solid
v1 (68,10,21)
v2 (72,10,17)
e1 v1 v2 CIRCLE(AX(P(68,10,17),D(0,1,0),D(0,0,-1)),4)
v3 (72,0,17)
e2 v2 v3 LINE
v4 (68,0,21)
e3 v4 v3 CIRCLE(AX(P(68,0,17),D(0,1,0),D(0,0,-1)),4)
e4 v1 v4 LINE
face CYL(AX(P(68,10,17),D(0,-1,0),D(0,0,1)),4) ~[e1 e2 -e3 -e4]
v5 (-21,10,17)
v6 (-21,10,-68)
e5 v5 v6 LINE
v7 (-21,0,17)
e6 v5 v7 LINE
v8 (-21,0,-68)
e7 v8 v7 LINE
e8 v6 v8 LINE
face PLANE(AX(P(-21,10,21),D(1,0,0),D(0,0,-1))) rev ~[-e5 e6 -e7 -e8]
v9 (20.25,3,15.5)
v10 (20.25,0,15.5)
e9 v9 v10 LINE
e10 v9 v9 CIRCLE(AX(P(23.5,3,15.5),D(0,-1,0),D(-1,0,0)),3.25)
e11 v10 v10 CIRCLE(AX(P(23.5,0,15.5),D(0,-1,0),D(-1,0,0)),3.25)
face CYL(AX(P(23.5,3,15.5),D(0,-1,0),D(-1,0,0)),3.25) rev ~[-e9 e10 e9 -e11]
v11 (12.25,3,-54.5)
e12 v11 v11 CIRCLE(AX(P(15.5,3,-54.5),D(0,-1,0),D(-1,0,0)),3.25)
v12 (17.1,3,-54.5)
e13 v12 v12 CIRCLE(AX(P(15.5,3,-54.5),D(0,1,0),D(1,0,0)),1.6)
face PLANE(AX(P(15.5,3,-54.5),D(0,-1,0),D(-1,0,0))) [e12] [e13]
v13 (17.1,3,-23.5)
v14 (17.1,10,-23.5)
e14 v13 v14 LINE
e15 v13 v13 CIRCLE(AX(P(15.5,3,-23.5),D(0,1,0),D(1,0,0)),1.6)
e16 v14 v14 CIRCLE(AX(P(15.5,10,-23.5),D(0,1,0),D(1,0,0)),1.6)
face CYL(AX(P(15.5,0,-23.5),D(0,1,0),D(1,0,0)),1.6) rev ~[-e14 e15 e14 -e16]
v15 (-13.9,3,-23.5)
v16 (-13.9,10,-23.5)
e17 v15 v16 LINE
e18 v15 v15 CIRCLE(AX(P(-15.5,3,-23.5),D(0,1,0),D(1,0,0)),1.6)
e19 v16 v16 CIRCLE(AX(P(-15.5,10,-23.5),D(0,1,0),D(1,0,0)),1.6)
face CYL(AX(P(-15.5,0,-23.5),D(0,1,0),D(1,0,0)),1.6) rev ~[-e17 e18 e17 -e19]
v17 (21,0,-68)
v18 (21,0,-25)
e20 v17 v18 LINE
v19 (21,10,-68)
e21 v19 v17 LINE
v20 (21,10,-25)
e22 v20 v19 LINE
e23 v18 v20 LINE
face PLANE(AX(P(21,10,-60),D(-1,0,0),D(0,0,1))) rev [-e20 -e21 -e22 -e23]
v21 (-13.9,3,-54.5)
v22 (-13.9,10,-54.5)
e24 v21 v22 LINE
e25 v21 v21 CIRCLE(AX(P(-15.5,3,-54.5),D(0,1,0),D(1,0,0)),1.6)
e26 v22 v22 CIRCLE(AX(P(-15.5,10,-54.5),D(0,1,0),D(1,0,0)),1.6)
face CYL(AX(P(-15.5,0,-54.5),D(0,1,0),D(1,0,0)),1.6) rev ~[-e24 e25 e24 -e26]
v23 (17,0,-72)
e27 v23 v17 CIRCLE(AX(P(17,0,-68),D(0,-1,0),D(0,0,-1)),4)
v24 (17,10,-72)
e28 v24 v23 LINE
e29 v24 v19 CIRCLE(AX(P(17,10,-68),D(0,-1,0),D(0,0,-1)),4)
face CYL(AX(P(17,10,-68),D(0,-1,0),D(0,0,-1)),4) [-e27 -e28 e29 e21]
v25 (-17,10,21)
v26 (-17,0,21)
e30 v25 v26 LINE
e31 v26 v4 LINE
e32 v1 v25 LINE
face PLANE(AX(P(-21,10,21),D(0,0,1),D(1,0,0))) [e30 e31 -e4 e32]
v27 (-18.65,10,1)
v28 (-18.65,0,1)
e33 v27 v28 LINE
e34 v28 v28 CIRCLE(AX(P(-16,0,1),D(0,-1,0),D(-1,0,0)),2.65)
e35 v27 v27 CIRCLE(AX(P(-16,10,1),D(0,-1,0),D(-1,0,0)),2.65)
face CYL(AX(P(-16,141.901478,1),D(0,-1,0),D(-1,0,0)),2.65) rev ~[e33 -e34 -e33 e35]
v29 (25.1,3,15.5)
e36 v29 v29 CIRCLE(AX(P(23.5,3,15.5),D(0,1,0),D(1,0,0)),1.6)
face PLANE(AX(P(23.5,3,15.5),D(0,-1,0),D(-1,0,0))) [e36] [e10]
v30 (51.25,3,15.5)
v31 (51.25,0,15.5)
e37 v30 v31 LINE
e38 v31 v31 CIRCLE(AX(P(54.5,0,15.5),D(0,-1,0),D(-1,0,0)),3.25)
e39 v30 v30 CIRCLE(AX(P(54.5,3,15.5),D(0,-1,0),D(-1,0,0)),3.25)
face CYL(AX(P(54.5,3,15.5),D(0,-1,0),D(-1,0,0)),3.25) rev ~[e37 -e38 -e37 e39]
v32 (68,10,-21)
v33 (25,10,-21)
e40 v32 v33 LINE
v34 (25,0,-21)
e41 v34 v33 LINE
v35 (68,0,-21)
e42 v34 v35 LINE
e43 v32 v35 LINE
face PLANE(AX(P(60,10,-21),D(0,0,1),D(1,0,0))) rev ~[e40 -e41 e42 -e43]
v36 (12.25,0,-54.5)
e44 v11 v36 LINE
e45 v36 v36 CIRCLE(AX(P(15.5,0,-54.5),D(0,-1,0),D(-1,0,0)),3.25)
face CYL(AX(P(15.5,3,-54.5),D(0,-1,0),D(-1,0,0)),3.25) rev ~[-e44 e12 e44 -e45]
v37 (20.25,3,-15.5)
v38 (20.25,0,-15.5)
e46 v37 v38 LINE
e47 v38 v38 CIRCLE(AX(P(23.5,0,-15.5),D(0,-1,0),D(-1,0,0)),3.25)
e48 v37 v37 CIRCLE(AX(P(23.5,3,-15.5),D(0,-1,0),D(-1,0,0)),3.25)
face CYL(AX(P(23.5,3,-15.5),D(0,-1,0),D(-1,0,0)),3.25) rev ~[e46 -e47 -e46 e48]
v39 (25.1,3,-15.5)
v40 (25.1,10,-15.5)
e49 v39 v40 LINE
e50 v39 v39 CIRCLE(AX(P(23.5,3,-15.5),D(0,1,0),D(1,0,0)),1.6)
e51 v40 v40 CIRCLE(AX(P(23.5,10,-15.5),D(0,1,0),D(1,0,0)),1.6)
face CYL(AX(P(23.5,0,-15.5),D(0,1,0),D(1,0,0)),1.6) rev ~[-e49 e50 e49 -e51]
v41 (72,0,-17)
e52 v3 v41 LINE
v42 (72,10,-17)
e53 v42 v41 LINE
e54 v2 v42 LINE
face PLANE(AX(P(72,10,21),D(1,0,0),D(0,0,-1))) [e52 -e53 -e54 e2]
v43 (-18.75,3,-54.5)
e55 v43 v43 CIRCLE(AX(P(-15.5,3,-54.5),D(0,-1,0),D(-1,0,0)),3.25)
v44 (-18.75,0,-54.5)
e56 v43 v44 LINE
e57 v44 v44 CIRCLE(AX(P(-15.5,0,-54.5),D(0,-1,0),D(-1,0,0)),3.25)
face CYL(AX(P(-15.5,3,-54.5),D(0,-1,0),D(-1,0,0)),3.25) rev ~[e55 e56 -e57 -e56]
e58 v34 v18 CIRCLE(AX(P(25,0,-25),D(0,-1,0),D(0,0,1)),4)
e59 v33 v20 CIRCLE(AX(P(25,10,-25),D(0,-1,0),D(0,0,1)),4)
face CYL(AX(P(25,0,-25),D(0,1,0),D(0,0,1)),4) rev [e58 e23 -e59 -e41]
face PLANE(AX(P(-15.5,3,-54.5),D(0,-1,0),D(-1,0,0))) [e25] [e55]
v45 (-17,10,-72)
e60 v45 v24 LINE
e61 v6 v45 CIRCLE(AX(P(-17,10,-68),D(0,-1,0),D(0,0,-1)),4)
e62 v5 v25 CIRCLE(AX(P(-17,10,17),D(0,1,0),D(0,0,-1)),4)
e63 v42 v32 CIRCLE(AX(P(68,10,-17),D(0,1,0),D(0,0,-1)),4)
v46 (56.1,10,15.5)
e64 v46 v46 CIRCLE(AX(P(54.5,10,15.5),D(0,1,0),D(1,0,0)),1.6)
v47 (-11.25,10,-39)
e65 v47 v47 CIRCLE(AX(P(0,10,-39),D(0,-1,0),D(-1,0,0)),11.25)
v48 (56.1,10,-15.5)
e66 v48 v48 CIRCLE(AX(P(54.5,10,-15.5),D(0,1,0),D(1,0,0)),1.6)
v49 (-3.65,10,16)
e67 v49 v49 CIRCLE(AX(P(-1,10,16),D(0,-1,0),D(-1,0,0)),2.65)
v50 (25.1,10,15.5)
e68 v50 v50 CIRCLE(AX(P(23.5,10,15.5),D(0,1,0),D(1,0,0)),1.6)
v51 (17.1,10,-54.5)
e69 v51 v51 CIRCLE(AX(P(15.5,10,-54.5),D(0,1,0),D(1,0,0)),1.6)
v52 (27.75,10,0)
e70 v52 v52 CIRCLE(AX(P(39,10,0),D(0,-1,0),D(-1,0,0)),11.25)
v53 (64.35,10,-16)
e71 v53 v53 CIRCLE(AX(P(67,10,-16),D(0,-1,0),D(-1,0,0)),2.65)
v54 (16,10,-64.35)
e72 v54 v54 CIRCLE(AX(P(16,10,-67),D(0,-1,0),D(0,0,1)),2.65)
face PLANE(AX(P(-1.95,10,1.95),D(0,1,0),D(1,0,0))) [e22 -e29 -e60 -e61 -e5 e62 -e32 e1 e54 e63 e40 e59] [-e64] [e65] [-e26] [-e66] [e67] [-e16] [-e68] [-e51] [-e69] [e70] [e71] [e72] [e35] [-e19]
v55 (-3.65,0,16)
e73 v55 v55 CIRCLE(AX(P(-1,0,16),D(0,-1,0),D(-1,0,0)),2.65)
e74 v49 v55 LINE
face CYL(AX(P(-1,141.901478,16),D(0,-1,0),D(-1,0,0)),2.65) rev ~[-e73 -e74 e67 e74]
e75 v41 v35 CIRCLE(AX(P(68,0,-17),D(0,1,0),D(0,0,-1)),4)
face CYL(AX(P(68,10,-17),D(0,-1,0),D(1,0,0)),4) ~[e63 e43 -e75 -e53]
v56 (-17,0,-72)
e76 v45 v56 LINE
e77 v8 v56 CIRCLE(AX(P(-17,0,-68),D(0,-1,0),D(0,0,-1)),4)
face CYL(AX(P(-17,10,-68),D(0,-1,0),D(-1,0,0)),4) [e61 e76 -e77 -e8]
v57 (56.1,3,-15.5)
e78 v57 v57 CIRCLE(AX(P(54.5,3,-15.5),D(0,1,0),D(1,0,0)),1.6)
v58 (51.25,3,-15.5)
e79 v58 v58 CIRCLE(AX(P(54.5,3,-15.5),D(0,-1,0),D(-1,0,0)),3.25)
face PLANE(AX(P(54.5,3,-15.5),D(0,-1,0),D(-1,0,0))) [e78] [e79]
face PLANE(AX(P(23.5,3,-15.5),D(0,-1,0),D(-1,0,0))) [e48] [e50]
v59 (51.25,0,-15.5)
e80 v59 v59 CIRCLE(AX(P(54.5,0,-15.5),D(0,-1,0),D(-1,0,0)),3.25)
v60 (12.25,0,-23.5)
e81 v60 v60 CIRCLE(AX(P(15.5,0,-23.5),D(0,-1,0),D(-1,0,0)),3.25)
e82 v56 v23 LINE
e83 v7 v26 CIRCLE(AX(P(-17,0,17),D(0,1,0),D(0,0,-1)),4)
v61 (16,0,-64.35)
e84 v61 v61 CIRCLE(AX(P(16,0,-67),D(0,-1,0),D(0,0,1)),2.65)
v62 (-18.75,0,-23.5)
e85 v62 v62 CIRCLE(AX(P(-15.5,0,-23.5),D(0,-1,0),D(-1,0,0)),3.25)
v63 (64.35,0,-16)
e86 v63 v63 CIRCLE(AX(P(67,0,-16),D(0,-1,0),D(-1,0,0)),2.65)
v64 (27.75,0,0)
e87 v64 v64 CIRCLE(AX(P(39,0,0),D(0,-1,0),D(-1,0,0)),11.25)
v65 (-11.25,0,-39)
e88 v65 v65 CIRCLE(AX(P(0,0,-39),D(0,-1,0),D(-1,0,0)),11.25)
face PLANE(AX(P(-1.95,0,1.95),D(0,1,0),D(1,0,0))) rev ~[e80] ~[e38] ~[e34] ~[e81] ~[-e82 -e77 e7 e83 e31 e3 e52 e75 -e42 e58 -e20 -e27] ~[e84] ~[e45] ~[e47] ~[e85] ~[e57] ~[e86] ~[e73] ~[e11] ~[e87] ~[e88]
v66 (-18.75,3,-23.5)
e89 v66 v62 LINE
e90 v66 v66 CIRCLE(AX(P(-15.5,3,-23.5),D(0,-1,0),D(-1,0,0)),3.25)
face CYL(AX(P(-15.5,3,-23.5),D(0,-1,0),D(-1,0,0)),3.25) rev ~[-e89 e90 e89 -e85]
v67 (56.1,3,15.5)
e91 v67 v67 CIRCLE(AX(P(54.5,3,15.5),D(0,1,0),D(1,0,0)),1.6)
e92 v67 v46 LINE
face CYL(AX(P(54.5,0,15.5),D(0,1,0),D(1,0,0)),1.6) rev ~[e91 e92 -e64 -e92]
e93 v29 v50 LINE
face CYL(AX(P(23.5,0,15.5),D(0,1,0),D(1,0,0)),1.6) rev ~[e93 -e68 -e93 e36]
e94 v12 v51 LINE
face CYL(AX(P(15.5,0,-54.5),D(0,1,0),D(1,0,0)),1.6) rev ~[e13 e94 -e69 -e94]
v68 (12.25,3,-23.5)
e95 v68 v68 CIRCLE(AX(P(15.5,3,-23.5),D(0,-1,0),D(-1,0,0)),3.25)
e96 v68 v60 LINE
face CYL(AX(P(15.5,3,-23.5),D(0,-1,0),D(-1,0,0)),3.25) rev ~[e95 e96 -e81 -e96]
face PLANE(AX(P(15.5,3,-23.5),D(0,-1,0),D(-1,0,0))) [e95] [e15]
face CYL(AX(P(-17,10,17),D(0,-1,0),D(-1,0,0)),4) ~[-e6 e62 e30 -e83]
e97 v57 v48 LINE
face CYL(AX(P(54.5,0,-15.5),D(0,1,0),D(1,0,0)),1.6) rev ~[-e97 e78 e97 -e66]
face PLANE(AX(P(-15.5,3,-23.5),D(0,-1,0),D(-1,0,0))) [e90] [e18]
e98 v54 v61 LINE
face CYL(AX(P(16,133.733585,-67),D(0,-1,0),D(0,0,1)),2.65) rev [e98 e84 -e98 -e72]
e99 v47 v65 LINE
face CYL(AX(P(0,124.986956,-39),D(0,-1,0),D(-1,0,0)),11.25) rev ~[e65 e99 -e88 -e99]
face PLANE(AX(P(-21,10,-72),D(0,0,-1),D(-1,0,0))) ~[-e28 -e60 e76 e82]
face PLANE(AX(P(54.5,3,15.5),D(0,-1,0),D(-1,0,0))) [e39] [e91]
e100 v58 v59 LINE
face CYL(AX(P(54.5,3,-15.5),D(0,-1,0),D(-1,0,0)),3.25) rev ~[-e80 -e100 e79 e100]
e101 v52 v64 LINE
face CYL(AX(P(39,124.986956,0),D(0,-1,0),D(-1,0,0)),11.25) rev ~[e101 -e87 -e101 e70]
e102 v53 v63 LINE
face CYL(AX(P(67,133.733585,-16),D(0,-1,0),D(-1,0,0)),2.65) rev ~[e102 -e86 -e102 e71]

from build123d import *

# Parameters (mm, degrees)
BOSS_EXTRUDE1_DEPTH            = 10
F_22_5_22_5_DIAMETER_HOLE1_D   = 22.5
CBORE_FOR_M3_SHCS1_D           = 3.2
CBORE_FOR_M3_SHCS1_CBORE_D     = 6.5
CBORE_FOR_M3_SHCS1_CBORE_DEPTH = 3
BOSS_EXTRUDE2_DEPTH            = 10
SKETCH17_W                     = 12
SKETCH17_H                     = 42
BOSS_EXTRUDE3_DEPTH            = 10
M5_CLEARANCE_HOLE1_D           = 5.3
SKETCH20_W                     = 38.1
SKETCH20_H                     = 38.1
BOSS_EXTRUDE4_DEPTH            = 10
M5_CLEARANCE_HOLE2_D           = 5.3
FILLET6_R                      = 4


with BuildPart() as part:
    # Sketch1 → Boss-Extrude1 (new body)
    with BuildSketch(Plane(origin=(0, 0, 0), x_dir=(1, 0, 0), z_dir=(0, 1, 0))):
        Polygon((60, -21), (60, 21), (21, 21), (21, 60), (-21, 60), (-21, 18), (18, 18), (18, -21), align=None)
    extrude(amount=BOSS_EXTRUDE1_DEPTH)

    # Ø22.5 (22.5) Diameter Hole1 (through all)
    with Locations(Plane(origin=(0, 10, 0), x_dir=(1, 0, 0), z_dir=(0, 1, 0))):
        with Locations((0, 39), (39, 0)):
            Hole(F_22_5_22_5_DIAMETER_HOLE1_D / 2)

    # CBORE for M3 SHCS1 (through all)
    with Locations(Plane(origin=(0, 0, 0), x_dir=(-1, 0, 0), z_dir=(0, -1, 0))):
        with Locations((-54.5, 15.5), (-23.5, 15.5), (-23.5, -15.5), (-54.5, -15.5), (-15.5, 54.5), (-15.5, 23.5), (15.5, 23.5), (15.5, 54.5)):
            CounterBoreHole(CBORE_FOR_M3_SHCS1_D / 2, CBORE_FOR_M3_SHCS1_CBORE_D / 2, CBORE_FOR_M3_SHCS1_CBORE_DEPTH)

    # Sketch16 → Boss-Extrude2 (add)
    with BuildSketch(Plane(origin=(0, 10, 0), x_dir=(1, 0, 0), z_dir=(0, 1, 0))):
        Polygon((17.1, 17.1), (-21, 17.1), (-21, 18), (18, 18), (18, -21), (17.1, -21), align=None)
    extrude(amount=-BOSS_EXTRUDE2_DEPTH)

    # Sketch17 → Boss-Extrude3 (add)
    with BuildSketch(Plane(origin=(0, 10, 0), x_dir=(1, 0, 0), z_dir=(0, 1, 0))):
        with Locations((66, 0)):
            Rectangle(SKETCH17_W, SKETCH17_H)
    boss_extrude3 = extrude(amount=-BOSS_EXTRUDE3_DEPTH)

    # M5 Clearance Hole1 (through all)
    with Locations(Plane(origin=(0, 10, 0), x_dir=(1, 0, 0), z_dir=(0, 1, 0))):
        with Locations((67, 16)):
            m5_clearance_hole1 = Hole(M5_CLEARANCE_HOLE1_D / 2)

    # Mirror1: Boss-Extrude3, M5 Clearance Hole1 across plane
    add(boss_extrude3.mirror(Plane(origin=(0, 0, 0), x_dir=(-0.7071067811865477, 0, 0.7071067811865474), z_dir=(0.7071067811865476, 0, 0.7071067811865476))))
    add(m5_clearance_hole1.mirror(Plane(origin=(0, 0, 0), x_dir=(-0.7071067811865477, 0, 0.7071067811865474), z_dir=(0.7071067811865476, 0, 0.7071067811865476))), mode=Mode.SUBTRACT)

    # Sketch20 → Boss-Extrude4 (add)
    with BuildSketch(Plane(origin=(0, 10, 0), x_dir=(1, 0, 0), z_dir=(0, 1, 0))):
        with Locations((-1.95, -1.95)):
            Rectangle(SKETCH20_W, SKETCH20_H)
    extrude(amount=-BOSS_EXTRUDE4_DEPTH)

    # M5 Clearance Hole2 (through all)
    with Locations(Plane(origin=(0, 10, 0), x_dir=(1, 0, 0), z_dir=(0, 1, 0))):
        with Locations((-16, -1), (-1, -16)):
            Hole(M5_CLEARANCE_HOLE2_D / 2)

    # Fillet6
    fillet6_edges = [part.edges().sort_by_distance(p)[0] for p in [
        (72, 5, -21),
        (72, 5, 21),
        (21, 5, -72),
        (-21, 5, -72),
        (21, 5, -21),
        (-21, 5, 21),
    ]]
    fillet(fillet6_edges, radius=FILLET6_R)


solid = part.part
